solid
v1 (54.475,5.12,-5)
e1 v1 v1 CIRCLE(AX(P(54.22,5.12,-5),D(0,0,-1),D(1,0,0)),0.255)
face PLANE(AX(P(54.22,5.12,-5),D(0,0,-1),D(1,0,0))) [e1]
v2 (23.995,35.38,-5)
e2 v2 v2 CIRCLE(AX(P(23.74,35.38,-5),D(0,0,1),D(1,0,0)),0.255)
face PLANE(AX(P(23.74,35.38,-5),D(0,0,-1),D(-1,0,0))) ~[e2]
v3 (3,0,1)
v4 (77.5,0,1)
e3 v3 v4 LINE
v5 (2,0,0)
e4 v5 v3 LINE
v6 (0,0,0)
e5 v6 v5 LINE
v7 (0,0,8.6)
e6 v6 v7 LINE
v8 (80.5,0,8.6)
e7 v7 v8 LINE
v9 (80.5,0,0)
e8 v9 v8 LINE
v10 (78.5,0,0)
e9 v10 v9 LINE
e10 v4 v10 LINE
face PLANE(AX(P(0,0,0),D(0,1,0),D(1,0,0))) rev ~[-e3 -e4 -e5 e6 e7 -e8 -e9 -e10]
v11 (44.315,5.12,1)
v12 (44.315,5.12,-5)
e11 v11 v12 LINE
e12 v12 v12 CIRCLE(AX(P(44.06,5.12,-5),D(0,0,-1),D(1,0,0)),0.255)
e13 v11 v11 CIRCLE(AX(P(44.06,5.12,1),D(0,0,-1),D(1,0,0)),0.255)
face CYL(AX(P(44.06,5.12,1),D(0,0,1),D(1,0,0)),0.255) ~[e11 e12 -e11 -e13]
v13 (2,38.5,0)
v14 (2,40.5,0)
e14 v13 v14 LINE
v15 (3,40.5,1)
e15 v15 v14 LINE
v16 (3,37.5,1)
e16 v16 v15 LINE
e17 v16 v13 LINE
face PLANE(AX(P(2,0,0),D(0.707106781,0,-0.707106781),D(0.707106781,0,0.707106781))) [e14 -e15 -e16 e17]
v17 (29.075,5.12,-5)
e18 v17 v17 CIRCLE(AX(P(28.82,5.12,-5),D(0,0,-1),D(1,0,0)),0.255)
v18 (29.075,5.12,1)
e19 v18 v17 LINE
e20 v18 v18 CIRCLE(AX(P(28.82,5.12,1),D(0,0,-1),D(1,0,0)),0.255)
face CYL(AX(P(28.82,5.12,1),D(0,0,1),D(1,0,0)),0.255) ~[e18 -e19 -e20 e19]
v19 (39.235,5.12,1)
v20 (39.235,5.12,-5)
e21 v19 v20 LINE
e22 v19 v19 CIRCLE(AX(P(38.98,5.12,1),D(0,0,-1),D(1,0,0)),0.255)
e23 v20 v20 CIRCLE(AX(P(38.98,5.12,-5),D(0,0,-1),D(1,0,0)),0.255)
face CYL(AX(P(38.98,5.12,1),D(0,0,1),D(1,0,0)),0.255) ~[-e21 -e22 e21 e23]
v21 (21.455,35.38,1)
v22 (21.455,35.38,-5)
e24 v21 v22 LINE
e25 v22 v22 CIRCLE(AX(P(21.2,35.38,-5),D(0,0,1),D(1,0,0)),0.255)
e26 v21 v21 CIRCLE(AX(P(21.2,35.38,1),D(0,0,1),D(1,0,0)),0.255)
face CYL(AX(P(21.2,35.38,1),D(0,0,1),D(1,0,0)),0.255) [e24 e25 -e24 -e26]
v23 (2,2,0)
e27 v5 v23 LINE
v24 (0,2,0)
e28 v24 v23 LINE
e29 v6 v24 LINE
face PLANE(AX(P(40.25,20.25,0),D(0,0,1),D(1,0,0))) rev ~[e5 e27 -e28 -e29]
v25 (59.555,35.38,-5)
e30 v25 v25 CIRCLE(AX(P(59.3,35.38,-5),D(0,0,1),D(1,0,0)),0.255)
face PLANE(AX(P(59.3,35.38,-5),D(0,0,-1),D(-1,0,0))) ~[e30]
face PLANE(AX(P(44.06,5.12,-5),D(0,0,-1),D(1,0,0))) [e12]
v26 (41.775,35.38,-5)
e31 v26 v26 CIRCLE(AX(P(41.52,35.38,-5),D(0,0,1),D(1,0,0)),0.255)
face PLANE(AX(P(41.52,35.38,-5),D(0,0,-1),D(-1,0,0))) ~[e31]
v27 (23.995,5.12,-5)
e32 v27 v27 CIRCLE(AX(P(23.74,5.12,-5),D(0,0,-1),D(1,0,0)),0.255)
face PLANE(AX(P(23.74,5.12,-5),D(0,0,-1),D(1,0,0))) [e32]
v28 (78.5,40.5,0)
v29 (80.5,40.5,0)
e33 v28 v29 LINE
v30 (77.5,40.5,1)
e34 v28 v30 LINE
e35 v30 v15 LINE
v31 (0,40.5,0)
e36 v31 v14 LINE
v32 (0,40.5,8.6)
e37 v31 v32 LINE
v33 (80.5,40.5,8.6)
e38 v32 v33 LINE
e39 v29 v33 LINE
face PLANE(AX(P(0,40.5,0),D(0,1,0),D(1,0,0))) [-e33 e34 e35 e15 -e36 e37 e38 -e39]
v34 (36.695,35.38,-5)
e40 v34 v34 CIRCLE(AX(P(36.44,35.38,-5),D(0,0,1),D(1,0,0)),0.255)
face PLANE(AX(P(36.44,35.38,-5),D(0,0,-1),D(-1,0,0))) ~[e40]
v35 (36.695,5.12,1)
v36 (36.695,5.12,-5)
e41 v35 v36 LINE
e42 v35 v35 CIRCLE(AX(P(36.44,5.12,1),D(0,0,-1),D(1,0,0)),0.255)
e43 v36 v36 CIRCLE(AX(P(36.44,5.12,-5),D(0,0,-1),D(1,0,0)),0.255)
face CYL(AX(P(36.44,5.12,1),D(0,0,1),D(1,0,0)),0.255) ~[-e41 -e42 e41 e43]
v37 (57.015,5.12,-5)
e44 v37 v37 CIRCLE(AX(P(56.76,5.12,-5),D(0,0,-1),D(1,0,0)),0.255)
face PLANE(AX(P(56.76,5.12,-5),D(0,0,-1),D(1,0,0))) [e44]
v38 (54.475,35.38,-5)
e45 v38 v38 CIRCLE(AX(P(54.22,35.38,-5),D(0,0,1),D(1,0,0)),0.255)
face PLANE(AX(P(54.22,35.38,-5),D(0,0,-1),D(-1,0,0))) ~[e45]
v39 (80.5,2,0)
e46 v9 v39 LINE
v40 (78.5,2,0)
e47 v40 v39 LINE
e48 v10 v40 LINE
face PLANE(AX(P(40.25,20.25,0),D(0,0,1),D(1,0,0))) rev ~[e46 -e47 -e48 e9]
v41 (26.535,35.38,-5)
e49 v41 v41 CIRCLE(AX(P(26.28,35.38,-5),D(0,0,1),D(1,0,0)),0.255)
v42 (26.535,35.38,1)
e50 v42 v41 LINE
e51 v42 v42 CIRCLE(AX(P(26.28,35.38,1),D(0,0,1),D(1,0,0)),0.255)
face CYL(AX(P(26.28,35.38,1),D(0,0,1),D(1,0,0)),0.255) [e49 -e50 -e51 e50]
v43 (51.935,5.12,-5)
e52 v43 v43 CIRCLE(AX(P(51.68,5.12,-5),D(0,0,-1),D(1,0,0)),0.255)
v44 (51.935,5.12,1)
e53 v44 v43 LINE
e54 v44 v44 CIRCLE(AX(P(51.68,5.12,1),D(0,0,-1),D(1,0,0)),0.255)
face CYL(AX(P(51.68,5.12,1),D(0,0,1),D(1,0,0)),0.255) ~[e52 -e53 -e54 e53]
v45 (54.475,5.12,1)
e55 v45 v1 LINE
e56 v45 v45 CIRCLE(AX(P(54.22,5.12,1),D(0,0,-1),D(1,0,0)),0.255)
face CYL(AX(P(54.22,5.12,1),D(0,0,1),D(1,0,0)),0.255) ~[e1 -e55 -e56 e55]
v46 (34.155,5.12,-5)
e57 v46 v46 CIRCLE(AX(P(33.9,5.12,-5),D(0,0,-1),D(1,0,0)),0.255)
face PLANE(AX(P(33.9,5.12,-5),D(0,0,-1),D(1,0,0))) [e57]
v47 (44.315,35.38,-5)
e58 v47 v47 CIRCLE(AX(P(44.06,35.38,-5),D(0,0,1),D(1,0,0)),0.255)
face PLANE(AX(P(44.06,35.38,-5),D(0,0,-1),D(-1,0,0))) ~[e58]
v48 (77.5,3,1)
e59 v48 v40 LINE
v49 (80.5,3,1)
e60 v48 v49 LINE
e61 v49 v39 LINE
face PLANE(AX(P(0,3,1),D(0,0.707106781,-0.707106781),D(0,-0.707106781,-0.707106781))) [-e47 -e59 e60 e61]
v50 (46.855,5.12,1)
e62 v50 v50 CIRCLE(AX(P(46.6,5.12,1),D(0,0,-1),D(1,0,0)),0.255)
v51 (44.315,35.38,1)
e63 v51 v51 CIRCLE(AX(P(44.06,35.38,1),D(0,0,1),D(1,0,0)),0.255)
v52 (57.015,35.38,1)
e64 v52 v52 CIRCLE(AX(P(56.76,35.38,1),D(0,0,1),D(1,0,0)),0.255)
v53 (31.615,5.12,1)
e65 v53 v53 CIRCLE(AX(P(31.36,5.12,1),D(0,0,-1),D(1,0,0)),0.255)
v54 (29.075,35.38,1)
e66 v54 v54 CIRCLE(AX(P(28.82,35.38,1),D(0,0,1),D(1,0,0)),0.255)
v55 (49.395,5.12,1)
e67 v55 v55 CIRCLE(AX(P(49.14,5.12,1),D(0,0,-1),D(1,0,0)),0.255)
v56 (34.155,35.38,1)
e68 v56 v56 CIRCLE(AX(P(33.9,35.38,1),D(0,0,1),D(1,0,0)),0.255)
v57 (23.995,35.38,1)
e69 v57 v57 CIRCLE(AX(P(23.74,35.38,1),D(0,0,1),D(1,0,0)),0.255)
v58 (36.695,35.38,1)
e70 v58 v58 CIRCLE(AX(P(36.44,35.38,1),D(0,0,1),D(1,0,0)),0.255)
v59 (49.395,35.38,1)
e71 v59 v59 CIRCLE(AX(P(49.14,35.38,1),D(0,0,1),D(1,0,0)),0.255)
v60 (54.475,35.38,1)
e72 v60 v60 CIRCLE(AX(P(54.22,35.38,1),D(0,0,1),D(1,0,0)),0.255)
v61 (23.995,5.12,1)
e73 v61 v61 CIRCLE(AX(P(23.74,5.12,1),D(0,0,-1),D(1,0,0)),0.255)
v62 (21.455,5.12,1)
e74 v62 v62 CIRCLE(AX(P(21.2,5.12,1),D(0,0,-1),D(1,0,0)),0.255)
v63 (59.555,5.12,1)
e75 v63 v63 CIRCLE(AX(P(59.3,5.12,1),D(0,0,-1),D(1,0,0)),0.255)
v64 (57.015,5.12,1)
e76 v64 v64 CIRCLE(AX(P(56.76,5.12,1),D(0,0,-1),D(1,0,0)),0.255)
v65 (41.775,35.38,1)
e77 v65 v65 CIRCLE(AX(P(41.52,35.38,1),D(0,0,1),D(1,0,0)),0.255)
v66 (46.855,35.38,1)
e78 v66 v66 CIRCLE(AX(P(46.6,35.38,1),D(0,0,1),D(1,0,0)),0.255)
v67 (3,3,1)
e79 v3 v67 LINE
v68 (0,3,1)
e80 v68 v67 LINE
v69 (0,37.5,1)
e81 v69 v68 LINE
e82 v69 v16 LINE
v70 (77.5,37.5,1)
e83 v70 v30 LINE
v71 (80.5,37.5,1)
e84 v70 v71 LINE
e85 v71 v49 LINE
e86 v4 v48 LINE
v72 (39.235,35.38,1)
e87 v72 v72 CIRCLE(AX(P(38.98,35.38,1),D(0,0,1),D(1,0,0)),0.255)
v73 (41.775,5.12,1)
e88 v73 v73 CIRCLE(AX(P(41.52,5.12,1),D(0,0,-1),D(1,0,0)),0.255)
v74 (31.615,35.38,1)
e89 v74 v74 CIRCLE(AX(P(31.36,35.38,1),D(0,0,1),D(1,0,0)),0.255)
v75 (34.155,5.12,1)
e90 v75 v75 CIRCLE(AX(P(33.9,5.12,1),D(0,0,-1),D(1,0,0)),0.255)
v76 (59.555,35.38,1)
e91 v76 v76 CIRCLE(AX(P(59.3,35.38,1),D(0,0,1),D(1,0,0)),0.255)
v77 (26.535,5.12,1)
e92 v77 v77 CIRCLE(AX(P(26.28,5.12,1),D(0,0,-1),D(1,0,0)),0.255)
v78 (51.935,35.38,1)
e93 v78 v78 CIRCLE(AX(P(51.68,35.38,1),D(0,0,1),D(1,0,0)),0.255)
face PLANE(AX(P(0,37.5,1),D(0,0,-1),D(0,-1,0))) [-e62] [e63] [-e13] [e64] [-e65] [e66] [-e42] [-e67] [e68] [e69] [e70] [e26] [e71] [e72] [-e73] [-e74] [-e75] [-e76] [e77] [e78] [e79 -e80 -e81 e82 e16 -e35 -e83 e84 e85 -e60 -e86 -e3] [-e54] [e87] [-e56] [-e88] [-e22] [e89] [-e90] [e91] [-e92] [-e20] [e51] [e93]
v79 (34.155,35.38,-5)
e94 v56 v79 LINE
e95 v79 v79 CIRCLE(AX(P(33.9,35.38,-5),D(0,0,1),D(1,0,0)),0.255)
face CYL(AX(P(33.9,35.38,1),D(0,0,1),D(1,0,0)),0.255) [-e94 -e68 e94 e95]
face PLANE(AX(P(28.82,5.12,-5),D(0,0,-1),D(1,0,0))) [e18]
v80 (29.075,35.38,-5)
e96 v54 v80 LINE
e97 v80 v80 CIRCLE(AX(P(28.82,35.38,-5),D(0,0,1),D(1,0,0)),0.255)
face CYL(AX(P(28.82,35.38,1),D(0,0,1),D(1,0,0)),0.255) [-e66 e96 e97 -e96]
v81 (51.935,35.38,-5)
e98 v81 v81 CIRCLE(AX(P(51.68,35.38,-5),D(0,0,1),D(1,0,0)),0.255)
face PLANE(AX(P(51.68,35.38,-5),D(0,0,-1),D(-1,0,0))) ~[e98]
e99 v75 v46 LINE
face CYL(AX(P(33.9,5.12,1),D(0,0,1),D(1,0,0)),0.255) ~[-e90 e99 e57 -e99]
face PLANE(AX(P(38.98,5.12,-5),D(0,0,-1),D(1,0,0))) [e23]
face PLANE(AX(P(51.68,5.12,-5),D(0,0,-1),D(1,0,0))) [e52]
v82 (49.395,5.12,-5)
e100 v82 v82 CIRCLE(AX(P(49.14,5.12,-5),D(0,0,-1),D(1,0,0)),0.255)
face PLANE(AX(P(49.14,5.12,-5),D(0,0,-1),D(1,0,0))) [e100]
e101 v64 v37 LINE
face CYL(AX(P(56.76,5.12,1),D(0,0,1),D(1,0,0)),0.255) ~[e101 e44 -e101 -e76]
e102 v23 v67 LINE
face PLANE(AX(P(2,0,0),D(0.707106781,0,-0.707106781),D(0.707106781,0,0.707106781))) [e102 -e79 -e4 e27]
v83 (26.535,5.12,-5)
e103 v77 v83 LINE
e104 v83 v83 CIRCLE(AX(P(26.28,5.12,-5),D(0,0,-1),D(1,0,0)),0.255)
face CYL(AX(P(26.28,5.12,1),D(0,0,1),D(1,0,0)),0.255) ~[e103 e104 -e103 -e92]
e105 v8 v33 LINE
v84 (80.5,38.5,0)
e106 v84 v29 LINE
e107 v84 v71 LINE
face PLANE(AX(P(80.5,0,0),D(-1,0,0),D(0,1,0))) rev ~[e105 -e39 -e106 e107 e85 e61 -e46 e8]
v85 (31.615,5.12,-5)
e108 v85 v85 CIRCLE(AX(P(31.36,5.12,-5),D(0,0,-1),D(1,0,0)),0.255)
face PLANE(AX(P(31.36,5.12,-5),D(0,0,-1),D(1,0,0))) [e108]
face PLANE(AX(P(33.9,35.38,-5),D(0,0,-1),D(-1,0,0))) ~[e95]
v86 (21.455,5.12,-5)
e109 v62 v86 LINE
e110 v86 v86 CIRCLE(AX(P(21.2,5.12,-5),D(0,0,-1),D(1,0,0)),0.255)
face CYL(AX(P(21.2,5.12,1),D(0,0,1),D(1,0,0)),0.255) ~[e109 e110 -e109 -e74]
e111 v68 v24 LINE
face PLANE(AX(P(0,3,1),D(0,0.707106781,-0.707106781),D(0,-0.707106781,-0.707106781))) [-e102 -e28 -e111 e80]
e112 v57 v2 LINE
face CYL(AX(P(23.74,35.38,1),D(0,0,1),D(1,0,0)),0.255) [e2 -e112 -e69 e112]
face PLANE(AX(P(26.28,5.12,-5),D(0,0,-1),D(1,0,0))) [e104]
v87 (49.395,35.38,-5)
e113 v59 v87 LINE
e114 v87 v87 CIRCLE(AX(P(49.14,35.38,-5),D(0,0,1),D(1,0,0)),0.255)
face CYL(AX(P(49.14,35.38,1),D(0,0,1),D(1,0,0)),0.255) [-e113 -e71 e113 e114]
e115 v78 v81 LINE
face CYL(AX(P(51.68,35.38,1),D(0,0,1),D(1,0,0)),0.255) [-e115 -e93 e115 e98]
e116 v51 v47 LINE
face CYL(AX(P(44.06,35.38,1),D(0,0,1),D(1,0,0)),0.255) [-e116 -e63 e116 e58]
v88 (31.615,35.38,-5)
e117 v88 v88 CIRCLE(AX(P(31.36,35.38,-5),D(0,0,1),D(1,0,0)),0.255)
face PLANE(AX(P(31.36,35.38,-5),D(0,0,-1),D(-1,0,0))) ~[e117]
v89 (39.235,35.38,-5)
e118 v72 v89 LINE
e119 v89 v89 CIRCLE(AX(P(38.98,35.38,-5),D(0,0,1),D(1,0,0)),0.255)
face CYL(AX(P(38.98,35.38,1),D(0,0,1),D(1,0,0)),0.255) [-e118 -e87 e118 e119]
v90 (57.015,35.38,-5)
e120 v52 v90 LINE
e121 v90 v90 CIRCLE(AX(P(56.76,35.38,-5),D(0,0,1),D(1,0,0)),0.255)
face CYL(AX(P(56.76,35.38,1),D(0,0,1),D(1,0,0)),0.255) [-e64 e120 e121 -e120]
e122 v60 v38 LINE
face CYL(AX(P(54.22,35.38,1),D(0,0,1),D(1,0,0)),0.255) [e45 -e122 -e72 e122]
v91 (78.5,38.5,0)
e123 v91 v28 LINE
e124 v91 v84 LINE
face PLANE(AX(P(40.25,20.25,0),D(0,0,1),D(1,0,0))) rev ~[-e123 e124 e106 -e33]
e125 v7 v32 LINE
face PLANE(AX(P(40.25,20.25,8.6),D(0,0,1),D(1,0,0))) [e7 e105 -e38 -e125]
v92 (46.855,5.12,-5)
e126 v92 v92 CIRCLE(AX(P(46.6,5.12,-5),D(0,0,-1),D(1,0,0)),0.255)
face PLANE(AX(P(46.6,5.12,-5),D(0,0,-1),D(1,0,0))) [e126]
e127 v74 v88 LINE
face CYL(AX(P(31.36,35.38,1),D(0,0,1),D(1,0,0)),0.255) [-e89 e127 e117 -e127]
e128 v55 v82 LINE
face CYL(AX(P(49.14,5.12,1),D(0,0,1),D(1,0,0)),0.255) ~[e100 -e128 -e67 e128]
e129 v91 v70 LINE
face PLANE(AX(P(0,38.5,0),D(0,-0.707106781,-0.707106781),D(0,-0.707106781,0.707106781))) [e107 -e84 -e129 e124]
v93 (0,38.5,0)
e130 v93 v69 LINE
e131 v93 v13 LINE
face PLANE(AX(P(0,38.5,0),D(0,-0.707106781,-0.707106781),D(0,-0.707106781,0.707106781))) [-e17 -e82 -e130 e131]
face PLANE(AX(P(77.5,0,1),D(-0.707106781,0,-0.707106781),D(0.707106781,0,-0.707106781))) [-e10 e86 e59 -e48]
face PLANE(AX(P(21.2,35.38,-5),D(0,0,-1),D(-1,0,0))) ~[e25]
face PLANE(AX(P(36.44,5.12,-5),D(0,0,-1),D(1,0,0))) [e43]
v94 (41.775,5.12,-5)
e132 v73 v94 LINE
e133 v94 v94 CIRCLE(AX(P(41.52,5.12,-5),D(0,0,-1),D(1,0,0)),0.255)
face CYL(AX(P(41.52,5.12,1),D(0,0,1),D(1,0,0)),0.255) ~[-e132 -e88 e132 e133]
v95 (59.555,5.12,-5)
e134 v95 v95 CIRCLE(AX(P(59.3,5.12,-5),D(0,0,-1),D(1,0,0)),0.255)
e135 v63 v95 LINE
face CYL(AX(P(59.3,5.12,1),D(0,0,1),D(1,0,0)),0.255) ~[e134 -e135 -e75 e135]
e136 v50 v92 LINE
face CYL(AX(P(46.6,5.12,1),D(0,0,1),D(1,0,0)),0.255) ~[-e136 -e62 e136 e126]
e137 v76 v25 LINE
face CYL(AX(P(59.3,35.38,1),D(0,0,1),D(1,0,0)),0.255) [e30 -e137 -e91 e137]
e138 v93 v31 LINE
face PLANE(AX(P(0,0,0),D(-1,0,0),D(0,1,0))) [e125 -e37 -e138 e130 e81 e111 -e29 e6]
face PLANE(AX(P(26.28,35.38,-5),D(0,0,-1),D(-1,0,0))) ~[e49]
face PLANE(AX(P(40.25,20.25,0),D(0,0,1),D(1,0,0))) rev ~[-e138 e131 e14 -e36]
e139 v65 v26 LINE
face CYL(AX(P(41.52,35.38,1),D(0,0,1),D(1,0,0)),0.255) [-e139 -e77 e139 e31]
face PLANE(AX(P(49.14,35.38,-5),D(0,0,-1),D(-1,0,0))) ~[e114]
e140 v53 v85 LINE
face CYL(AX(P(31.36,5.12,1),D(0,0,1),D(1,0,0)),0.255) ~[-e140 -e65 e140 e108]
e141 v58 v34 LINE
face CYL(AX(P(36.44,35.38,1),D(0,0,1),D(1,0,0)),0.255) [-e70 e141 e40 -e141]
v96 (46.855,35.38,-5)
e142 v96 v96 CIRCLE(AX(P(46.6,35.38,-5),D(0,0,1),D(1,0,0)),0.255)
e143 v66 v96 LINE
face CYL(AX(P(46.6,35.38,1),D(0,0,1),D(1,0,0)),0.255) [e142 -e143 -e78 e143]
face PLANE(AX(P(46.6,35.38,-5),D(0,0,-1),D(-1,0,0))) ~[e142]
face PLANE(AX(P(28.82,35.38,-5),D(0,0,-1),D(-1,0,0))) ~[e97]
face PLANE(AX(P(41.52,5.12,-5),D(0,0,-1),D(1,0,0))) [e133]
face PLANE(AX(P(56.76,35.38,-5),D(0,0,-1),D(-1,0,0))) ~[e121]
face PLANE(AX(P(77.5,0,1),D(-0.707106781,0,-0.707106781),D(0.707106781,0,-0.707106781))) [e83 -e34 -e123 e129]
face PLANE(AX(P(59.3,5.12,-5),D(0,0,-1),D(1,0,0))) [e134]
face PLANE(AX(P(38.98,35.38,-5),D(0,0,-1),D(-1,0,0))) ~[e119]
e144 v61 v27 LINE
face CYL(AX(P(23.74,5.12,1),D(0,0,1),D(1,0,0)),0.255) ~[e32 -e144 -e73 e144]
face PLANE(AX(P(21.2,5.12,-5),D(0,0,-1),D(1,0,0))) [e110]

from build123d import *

# Parameters (mm, degrees)
SKETCH_W        = 80.5
SKETCH_H        = 40.5
PAD_DEPTH       = 8.6
POCKET_DEPTH    = 40.501
POCKET001_DEPTH = 80.501
SKETCH003_R     = 0.255
PAD001_DEPTH    = 6


with BuildPart() as part:
    # Sketch → Pad (new body)
    with BuildSketch(Plane.XY):
        with Locations((40.25, 20.25)):
            Rectangle(SKETCH_W, SKETCH_H)
    extrude(amount=PAD_DEPTH)

    # Sketch001 (on Face1 of Pad) → Pocket (cut, through all)
    with BuildSketch(Plane.XZ):
        Polygon((2, 0), (3, 1), (77.5, 1), (78.5, 0), align=None)
    extrude(amount=-POCKET_DEPTH, mode=Mode.SUBTRACT)

    # Sketch002 (on Face9 of Pocket) → Pocket001 (cut, through all)
    with BuildSketch(Plane(origin=(0, 0, 0), x_dir=(0, -1, 0), z_dir=(-1, 0, 0))):
        Polygon((-38.5, 0), (-37.5, 1), (-3, 1), (-2, 0), align=None)
    extrude(amount=-POCKET001_DEPTH, mode=Mode.SUBTRACT)

    # Sketch003 (on Face11 of Pocket001) → Pad001 (join)
    with BuildSketch(Plane(origin=(0, 0, 1), x_dir=(1, 0, 0), z_dir=(0, 0, -1))):
        with Locations((21.2, -5.12)):
            Circle(SKETCH003_R)
        with Locations((59.3, -5.12)):
            Circle(SKETCH003_R)
        with Locations((23.74, -5.12)):
            Circle(SKETCH003_R)
        with Locations((26.28, -5.12)):
            Circle(SKETCH003_R)
        with Locations((28.82, -5.12)):
            Circle(SKETCH003_R)
        with Locations((31.36, -5.12)):
            Circle(SKETCH003_R)
        with Locations((33.9, -5.12)):
            Circle(SKETCH003_R)
        with Locations((36.44, -5.12)):
            Circle(SKETCH003_R)
        with Locations((38.98, -5.12)):
            Circle(SKETCH003_R)
        with Locations((41.52, -5.12)):
            Circle(SKETCH003_R)
        with Locations((44.06, -5.12)):
            Circle(SKETCH003_R)
        with Locations((46.6, -5.12)):
            Circle(SKETCH003_R)
        with Locations((49.14, -5.12)):
            Circle(SKETCH003_R)
        with Locations((51.68, -5.12)):
            Circle(SKETCH003_R)
        with Locations((54.22, -5.12)):
            Circle(SKETCH003_R)
        with Locations((56.76, -5.12)):
            Circle(SKETCH003_R)
    pad001 = extrude(amount=PAD001_DEPTH)

    # Mirrored: Pad001 across Sketch003 Axis17
    add(pad001.mirror(Plane(origin=(0, 20.25, 1), x_dir=(0, 0, -1), z_dir=(0, -1, 0))))


solid = part.part
